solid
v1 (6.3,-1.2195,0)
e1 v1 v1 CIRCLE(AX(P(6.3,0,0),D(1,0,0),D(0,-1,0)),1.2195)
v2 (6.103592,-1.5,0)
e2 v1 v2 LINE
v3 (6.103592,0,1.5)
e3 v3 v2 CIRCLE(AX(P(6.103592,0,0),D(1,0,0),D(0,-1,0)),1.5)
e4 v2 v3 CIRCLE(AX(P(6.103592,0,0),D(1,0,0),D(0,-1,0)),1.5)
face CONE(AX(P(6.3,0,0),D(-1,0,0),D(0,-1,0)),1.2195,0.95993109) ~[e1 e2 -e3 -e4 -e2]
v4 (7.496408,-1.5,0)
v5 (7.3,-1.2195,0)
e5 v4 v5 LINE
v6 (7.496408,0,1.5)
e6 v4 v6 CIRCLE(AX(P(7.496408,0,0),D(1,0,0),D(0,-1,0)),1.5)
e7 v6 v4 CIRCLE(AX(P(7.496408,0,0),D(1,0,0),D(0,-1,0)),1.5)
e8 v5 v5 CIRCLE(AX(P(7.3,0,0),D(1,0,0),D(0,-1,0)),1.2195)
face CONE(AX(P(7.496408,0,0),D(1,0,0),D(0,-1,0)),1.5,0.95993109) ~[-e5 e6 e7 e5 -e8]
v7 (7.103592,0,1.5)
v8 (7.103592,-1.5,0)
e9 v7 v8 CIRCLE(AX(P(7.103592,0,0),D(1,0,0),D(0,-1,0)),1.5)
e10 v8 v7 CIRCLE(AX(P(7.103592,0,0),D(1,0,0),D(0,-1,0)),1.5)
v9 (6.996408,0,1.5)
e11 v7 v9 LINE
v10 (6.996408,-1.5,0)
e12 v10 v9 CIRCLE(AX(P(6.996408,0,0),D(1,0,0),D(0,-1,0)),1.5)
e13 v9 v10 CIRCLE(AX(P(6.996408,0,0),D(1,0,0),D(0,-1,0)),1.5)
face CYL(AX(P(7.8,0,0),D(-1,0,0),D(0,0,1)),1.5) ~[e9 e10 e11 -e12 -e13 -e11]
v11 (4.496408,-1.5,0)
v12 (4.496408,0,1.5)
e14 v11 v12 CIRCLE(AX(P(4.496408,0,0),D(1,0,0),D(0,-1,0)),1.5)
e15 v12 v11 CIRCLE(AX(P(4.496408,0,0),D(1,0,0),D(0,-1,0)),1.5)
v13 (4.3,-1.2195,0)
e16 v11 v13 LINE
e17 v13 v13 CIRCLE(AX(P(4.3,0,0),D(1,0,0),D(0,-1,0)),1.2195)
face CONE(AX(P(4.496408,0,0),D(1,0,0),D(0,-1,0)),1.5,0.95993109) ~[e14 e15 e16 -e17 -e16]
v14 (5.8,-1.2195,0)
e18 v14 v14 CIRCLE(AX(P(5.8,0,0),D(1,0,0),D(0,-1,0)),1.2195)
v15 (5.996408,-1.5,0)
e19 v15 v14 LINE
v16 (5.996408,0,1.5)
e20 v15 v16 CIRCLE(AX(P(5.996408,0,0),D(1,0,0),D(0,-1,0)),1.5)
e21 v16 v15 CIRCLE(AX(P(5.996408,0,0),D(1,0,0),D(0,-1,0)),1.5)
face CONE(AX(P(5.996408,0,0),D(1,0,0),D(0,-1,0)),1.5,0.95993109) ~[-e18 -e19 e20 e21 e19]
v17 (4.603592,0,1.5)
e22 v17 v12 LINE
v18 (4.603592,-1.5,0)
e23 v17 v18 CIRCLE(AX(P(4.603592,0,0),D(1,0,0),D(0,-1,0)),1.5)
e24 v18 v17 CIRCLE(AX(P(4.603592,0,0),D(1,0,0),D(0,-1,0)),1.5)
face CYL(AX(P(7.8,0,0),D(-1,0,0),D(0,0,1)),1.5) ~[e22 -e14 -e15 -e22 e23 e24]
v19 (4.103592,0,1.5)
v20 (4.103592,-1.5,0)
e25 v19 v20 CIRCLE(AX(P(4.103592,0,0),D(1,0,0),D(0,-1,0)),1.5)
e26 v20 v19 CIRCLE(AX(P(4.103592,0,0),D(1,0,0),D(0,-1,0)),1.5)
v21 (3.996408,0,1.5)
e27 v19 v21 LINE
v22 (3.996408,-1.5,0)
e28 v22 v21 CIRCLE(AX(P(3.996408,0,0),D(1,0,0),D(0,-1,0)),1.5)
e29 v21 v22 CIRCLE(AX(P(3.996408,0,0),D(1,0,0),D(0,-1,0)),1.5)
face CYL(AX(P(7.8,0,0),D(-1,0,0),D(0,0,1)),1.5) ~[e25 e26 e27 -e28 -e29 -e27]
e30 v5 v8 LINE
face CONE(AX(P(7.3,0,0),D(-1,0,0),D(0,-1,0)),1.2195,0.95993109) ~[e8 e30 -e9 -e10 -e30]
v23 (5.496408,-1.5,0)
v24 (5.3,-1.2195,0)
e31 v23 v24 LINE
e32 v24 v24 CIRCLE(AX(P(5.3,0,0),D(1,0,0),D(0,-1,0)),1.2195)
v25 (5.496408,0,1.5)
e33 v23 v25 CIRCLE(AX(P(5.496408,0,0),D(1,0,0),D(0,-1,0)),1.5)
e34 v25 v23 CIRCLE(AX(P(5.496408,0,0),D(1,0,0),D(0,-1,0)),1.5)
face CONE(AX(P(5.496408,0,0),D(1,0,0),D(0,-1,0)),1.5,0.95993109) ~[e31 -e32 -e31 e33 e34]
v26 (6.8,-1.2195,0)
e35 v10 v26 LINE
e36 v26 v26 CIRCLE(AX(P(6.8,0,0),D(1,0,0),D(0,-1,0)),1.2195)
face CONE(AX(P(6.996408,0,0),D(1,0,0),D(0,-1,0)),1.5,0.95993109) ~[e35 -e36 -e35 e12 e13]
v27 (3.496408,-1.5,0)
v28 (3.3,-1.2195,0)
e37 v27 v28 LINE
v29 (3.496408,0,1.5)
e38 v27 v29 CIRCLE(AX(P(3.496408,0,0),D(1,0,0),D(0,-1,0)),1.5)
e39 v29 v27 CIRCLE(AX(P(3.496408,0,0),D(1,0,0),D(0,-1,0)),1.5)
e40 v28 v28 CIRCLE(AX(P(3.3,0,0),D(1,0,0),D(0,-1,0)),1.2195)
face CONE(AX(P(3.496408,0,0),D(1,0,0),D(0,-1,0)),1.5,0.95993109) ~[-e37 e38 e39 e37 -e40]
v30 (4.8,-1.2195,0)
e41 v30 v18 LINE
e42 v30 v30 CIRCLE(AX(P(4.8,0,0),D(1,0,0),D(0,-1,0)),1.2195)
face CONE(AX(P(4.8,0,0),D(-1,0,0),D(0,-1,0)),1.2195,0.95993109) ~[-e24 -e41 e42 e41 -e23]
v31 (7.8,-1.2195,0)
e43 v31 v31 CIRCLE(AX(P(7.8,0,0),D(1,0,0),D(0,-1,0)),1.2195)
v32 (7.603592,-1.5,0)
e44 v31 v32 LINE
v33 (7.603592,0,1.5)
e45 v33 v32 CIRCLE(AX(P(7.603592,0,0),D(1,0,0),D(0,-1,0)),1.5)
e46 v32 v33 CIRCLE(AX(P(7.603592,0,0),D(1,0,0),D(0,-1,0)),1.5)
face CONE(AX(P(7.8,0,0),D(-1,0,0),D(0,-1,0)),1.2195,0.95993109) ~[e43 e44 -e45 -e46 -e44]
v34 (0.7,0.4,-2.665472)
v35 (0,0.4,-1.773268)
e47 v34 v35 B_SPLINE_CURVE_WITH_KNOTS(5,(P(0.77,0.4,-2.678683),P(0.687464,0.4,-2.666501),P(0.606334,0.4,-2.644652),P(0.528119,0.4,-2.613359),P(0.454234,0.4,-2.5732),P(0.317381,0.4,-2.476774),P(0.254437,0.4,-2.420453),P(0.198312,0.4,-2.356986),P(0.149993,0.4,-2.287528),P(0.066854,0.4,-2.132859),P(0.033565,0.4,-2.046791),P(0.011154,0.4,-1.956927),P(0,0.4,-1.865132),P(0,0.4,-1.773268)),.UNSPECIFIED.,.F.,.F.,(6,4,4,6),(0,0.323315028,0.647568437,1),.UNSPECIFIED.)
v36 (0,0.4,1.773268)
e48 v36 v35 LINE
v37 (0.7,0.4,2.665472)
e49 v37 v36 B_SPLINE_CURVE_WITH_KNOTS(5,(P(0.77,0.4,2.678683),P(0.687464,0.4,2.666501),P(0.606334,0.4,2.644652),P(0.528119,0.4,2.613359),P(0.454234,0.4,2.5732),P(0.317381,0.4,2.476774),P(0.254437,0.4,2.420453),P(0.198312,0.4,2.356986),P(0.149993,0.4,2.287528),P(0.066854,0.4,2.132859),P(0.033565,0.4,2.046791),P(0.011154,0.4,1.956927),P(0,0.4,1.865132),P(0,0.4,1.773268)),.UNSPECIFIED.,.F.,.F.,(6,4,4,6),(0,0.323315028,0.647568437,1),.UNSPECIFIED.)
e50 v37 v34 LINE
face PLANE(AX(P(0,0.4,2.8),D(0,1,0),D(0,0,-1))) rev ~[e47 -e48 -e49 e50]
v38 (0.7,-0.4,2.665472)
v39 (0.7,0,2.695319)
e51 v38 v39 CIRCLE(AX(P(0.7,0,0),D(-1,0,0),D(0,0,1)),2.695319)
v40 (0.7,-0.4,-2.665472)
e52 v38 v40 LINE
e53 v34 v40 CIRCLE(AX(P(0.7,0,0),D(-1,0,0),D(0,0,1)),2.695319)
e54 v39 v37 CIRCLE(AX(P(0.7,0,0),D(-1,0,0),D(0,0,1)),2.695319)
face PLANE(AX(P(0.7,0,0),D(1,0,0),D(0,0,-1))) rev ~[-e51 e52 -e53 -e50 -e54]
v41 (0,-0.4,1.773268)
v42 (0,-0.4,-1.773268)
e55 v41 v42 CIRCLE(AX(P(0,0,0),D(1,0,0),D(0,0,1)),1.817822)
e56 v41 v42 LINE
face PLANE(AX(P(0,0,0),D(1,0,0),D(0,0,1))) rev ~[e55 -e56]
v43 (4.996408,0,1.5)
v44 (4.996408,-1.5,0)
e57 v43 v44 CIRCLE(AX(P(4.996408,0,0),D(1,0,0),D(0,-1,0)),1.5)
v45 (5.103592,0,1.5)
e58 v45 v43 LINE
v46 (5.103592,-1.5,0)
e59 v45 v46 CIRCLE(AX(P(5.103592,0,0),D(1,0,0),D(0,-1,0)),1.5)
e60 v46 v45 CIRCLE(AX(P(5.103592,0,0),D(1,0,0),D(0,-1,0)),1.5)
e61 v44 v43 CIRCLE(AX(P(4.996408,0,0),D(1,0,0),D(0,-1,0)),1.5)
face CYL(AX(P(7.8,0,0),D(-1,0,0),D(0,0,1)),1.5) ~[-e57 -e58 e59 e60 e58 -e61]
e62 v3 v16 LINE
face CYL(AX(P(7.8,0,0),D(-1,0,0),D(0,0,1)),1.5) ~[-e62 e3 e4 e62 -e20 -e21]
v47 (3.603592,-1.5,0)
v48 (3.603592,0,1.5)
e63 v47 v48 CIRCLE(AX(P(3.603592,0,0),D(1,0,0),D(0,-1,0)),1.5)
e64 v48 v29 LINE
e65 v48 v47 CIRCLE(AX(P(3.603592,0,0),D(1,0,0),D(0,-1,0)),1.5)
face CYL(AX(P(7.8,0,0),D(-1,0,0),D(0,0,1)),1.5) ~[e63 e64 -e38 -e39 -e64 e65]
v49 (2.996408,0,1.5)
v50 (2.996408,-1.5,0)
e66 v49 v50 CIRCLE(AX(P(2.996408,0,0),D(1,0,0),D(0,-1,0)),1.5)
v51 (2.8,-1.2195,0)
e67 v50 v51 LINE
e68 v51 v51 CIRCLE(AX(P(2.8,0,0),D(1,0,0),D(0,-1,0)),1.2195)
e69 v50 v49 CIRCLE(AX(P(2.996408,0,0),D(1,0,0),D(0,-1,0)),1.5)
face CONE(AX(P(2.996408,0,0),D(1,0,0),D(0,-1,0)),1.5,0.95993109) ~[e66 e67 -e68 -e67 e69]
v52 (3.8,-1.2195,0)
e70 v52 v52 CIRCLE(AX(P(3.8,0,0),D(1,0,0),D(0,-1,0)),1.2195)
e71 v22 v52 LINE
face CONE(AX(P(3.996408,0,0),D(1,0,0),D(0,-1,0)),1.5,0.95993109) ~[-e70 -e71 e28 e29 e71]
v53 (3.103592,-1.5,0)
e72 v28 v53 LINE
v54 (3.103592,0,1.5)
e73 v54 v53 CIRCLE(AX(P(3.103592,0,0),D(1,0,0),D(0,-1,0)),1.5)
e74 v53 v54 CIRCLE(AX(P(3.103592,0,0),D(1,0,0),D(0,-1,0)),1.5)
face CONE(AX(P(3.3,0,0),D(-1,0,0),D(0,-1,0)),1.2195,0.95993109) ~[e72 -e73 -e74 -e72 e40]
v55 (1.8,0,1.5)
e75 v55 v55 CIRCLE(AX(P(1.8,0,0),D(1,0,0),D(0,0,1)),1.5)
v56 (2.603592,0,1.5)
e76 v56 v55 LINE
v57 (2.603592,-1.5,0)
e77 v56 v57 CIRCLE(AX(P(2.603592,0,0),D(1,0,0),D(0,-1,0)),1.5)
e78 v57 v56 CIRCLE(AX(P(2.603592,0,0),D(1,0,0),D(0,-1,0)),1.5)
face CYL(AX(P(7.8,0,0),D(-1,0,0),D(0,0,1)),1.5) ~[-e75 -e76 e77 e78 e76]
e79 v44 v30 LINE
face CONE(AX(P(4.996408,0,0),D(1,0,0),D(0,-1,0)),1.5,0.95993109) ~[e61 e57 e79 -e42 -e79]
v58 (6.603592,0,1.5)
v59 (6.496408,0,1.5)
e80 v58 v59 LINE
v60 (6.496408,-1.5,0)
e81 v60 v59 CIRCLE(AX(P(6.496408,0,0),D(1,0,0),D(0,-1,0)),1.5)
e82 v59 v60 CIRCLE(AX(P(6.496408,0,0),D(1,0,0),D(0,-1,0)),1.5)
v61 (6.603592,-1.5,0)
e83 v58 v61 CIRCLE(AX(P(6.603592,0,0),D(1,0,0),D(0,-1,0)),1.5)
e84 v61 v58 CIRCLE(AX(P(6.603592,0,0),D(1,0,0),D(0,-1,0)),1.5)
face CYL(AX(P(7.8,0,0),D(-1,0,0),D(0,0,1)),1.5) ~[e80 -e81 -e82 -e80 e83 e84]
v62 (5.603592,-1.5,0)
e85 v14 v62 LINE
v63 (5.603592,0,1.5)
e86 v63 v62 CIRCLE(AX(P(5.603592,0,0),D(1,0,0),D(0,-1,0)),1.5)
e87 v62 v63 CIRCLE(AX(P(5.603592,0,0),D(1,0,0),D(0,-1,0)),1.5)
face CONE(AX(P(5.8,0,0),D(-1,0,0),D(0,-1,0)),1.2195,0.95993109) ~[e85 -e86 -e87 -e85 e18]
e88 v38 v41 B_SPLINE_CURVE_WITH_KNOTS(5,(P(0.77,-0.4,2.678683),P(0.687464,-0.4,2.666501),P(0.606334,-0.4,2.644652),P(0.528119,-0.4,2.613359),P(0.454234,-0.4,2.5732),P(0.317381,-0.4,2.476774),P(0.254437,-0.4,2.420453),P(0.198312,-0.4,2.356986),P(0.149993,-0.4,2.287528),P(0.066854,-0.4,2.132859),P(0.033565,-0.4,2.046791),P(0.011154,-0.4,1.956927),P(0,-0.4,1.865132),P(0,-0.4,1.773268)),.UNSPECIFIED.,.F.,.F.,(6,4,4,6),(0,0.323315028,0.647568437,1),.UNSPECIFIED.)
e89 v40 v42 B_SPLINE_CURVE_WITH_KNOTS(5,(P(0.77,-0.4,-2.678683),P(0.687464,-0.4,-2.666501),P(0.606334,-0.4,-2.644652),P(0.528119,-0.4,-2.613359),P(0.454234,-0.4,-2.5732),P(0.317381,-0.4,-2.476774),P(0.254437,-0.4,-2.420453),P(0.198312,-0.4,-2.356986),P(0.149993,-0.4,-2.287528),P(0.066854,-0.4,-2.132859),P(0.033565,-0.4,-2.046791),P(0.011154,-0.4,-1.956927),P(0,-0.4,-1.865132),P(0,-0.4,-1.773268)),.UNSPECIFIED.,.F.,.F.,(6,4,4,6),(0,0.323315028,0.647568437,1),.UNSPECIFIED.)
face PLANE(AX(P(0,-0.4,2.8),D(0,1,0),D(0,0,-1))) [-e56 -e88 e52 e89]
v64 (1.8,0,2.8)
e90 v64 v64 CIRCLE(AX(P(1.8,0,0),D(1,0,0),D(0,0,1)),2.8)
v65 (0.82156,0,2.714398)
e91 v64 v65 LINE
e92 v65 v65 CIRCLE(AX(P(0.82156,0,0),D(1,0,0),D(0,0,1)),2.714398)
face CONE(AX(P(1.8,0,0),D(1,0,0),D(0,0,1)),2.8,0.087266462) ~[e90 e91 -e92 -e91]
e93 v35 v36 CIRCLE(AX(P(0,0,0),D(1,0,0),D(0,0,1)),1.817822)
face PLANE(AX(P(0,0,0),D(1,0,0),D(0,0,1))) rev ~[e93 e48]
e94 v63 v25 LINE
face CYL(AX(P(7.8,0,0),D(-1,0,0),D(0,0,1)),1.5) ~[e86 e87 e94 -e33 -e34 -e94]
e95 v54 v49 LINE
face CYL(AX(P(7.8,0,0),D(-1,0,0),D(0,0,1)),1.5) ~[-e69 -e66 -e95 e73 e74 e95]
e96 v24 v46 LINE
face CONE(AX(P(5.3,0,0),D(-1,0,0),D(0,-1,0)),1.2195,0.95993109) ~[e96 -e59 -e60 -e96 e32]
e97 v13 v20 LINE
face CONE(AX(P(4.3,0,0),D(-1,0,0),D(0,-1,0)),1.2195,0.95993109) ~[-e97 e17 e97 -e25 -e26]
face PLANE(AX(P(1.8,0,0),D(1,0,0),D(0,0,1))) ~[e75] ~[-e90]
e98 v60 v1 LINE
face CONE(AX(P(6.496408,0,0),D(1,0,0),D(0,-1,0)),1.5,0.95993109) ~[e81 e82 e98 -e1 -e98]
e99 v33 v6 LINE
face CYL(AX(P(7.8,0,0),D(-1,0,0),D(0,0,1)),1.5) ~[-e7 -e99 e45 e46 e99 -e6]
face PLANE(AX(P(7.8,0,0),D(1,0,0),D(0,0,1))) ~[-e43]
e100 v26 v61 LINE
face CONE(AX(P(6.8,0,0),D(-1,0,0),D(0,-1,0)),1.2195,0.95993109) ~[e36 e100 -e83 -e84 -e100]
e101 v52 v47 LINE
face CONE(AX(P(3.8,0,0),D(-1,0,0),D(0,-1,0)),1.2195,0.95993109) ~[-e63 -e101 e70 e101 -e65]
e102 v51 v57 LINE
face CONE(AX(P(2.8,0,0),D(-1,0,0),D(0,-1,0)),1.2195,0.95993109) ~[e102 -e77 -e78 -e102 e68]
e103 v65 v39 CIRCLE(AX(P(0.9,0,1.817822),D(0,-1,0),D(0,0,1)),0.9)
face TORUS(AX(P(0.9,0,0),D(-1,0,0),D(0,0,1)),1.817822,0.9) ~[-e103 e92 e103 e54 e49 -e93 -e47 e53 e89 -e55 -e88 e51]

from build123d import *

# Parameters (mm, degrees)
FILLET2_R       = 0.9
SKETCH2_W       = 5.6
SKETCH2_H       = 0.8
SLOT_DEPTH      = 0.7
THDSCHPAT_COUNT = 11
THDSCHPAT_PITCH = 0.5


with BuildPart() as part:
    # BodySke → Base-Revolve (revolve)
    with BuildSketch(Plane.XY, mode=Mode.PRIVATE) as base_revolve_sk:
        Polygon((1.8, 1.5), (1.8, 2.8), (0, 2.642520406), (0, 0), (7.8, 0), (7.8, 1.5), align=None)
    revolve(base_revolve_sk.sketch.rotate(Axis((-25.4, 0, 0), (1, 0, 0)), 90), axis=Axis((-25.4, 0, 0), (1, 0, 0)))

    # Fillet2
    fillet2_edges = [part.edges().sort_by_distance(p)[0] for p in [
        (0, 0, -2.642520406),
    ]]
    fillet(fillet2_edges, radius=FILLET2_R)

    # Sketch2 → Slot (cut)
    with BuildSketch(Plane(origin=(0, 0, 0), x_dir=(0, 0, -1), z_dir=(1, 0, 0))):
        Rectangle(SKETCH2_W, SKETCH2_H)
    extrude(amount=SLOT_DEPTH, mode=Mode.SUBTRACT)

    # ThdSchSke → ThreadSchematic (revolve, cut)
    with BuildSketch(Plane.XY):
        Polygon((2.8, -1.2195), (2.603591786, -1.5), (2.603591786, -1.875), (2.996408214, -1.875), (2.996408214, -1.5), align=None)
    threadschematic = revolve(axis=Axis((-3.175, 0, 0), (1, 0, 0)), mode=Mode.SUBTRACT)

    # ThdSchPat: ThreadSchematic ×11
    with Locations(*[(i * THDSCHPAT_PITCH, 0, 0) for i in range(1, THDSCHPAT_COUNT)]):
        add(threadschematic, mode=Mode.SUBTRACT)


solid = part.part
